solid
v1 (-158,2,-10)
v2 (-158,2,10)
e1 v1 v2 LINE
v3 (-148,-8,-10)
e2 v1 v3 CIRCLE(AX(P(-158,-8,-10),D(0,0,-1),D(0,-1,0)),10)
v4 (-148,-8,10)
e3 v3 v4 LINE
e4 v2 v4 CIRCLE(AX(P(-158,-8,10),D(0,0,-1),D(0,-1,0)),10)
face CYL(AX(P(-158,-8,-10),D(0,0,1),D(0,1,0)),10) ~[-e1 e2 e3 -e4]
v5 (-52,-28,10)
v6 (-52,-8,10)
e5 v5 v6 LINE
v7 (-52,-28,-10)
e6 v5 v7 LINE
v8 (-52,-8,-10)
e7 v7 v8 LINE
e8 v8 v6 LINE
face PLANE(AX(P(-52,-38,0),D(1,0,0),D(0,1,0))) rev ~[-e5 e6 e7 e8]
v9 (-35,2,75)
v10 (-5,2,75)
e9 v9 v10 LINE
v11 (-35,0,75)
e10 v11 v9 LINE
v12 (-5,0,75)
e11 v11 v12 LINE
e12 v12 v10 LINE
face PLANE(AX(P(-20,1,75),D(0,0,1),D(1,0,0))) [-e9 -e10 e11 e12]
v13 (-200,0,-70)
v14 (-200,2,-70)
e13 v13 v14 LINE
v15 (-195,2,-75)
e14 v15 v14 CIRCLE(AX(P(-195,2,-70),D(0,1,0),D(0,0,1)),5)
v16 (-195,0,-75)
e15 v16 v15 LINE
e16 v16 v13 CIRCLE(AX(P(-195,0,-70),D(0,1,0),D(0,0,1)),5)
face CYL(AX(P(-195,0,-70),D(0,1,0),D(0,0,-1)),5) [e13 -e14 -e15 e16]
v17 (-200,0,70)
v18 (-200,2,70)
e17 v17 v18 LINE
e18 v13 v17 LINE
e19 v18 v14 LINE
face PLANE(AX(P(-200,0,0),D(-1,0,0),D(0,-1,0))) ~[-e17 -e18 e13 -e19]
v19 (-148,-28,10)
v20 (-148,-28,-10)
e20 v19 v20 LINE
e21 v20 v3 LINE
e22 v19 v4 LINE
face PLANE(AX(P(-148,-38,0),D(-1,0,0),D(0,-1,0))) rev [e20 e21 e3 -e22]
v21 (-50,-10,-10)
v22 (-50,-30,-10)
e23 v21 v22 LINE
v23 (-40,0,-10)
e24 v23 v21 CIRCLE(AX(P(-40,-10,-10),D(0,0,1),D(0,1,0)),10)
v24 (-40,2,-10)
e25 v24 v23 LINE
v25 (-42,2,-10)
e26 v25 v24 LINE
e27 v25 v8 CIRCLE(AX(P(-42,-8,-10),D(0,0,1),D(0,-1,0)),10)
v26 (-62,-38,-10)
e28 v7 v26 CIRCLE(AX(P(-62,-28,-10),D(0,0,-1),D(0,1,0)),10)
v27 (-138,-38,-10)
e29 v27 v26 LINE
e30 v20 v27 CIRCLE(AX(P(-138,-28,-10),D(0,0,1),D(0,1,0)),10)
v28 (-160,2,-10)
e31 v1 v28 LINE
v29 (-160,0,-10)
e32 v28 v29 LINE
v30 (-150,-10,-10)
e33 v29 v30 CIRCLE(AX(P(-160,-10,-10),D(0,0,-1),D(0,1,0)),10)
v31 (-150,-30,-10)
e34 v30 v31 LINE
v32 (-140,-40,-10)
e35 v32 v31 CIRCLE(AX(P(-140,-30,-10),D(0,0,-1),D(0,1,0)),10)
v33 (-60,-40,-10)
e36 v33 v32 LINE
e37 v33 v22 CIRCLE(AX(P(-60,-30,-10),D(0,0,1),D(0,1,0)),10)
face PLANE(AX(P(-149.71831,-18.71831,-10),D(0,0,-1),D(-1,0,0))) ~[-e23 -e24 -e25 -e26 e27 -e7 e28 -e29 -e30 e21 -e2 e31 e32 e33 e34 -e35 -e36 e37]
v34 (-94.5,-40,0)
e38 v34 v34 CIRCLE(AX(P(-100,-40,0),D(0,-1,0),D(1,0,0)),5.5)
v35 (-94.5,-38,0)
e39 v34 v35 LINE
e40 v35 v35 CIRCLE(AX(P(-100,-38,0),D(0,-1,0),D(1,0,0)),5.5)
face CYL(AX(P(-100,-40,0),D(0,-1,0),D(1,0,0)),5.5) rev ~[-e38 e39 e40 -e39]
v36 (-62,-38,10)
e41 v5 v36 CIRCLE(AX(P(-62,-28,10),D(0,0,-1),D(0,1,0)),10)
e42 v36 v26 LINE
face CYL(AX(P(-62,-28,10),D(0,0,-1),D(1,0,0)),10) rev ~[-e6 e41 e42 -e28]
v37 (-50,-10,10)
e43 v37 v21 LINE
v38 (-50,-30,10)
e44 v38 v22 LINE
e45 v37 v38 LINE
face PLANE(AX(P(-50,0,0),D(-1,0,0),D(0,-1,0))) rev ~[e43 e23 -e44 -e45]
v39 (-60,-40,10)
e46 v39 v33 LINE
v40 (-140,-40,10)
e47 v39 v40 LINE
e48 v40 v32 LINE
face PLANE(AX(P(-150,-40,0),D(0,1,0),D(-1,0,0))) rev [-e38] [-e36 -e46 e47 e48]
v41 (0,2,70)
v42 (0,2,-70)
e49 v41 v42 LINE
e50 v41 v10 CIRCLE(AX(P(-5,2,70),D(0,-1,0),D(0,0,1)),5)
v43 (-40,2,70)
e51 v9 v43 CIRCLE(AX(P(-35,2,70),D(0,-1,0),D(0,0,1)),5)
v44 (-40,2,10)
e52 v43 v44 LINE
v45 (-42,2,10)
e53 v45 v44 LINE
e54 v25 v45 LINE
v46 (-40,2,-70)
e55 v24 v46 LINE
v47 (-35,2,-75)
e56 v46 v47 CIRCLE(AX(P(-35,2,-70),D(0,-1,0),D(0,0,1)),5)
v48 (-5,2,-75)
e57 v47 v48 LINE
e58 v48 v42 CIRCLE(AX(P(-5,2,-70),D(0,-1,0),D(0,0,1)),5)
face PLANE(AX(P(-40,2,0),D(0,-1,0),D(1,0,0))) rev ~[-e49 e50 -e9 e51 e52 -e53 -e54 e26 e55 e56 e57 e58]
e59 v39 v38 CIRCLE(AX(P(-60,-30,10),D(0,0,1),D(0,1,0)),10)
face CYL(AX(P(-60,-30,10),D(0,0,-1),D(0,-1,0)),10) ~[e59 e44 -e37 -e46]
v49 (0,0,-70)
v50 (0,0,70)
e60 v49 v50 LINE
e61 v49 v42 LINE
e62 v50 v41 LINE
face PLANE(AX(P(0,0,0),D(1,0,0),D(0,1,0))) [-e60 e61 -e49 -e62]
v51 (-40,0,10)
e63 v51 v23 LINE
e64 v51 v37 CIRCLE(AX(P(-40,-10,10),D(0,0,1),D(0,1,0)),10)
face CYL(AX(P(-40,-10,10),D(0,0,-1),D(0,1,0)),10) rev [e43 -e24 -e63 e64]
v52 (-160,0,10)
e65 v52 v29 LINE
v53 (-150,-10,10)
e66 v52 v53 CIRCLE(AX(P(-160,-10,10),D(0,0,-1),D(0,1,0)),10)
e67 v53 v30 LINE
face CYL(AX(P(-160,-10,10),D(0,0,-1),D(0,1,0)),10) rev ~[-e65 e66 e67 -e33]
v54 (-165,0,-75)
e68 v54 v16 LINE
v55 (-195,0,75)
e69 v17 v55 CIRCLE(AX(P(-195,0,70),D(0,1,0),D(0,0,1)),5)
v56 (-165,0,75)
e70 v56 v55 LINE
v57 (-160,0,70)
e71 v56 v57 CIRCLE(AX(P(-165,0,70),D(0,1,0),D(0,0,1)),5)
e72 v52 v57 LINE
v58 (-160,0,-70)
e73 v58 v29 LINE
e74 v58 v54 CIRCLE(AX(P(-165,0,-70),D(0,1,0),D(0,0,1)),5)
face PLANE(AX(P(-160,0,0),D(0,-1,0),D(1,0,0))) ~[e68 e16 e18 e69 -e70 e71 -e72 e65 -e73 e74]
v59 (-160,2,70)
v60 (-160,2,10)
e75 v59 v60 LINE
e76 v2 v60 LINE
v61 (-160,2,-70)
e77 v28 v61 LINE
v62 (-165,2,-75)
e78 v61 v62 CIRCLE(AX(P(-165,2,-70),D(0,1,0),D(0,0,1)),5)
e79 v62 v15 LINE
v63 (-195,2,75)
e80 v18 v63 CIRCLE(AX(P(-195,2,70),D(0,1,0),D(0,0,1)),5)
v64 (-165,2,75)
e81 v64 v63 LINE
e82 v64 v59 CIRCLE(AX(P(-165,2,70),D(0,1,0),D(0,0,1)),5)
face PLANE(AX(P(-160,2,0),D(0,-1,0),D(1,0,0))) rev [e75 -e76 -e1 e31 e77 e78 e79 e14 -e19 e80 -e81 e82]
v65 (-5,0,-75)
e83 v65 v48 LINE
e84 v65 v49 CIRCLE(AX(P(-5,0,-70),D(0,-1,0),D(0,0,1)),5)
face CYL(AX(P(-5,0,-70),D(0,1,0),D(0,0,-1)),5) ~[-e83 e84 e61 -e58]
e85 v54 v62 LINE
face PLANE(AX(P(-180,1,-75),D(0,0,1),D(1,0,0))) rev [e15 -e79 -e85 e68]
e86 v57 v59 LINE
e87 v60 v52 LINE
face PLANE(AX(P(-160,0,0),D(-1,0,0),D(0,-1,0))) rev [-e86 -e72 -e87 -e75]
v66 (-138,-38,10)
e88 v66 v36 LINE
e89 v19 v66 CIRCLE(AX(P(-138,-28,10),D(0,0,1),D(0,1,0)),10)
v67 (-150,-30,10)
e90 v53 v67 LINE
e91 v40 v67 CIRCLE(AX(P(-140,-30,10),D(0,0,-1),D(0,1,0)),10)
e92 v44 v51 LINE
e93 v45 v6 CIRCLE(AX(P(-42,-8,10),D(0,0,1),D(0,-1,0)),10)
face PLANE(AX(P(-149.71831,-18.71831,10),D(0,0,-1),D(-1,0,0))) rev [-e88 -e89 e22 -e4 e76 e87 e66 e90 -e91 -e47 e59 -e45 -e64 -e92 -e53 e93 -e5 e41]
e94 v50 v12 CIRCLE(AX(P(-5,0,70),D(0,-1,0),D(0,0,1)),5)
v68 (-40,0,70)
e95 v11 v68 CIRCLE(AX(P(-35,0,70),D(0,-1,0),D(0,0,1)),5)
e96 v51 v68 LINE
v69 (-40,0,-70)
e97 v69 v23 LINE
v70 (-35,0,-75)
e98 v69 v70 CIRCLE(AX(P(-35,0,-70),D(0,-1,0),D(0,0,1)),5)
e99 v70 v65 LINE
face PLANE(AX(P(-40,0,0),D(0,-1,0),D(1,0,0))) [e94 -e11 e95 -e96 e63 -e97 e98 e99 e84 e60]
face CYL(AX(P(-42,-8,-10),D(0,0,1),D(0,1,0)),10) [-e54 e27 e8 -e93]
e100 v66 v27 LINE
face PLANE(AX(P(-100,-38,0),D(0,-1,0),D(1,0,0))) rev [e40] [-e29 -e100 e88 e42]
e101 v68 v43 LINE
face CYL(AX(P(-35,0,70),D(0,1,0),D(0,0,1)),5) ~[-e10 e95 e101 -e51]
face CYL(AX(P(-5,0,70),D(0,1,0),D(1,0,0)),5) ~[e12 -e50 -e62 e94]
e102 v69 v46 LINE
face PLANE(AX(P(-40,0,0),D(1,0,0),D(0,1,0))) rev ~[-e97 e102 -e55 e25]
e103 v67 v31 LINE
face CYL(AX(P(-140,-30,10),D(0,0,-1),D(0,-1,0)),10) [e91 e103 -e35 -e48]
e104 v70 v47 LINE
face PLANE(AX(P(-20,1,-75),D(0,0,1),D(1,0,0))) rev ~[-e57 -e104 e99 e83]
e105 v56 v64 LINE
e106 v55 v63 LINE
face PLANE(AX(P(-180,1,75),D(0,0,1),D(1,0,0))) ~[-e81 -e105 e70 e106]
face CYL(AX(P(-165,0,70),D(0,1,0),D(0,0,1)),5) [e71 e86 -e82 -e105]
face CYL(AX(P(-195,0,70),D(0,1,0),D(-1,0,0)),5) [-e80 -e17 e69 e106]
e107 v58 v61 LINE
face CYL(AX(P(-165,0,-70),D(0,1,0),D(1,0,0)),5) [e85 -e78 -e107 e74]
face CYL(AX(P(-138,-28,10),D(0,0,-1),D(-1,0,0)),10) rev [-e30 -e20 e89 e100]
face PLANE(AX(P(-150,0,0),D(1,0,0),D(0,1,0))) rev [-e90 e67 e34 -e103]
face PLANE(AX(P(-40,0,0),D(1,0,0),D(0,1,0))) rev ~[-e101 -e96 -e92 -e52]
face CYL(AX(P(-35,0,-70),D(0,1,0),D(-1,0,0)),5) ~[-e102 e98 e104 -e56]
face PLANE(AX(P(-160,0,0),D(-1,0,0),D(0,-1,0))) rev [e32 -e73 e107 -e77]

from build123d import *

# Parameters (mm, degrees)
BOSS_EXTRUDE1_DEPTH = 10
FILLET1_R           = 10
SKETCH2_W           = 40
SKETCH2_H           = 2
BOSS_EXTRUDE2_DEPTH = 75
FILLET2_R           = 5
CUT_EXTRUDE1_REACH  = 219.69
SKETCH4_R           = 5.5


with BuildPart() as part:
    # Sketch1 → Boss-Extrude1 (new, symmetric)
    with BuildSketch(Plane.XY):
        Polygon((0, 0), (-50, 0), (-50, -40), (-100, -40), (-100, -38), (-52, -38), (-52, 2), (0, 2), align=None)
    extrude(amount=BOSS_EXTRUDE1_DEPTH, both=True)

    # Fillet1
    fillet1_edges = [part.edges().sort_by_distance(p)[0] for p in [
        (-50, 0, 0),
        (-50, -40, 0),
        (-52, -38, 0),
        (-52, 2, 0),
    ]]
    fillet(fillet1_edges, radius=FILLET1_R)

    # Sketch2 → Boss-Extrude2 (add, symmetric)
    with BuildSketch(Plane.XY):
        with Locations((-20, 1)):
            Rectangle(SKETCH2_W, SKETCH2_H)
    extrude(amount=BOSS_EXTRUDE2_DEPTH, both=True)

    # Fillet2
    fillet2_edges = [part.edges().sort_by_distance(p)[0] for p in [
        (-40, 1, -75),
        (0, 1, -75),
        (-40, 1, 75),
        (0, 1, 75),
    ]]
    fillet(fillet2_edges, radius=FILLET2_R)

    # Mirror1: part across plane


with BuildPart() as part_1:
    add(part.part)
    add(part.part.mirror(Plane(origin=(-100, -38, 10), x_dir=(0, 0, 1), z_dir=(1, 0, 0))))

    # Sketch4 → Cut-Extrude1 (cut, up to next)
    with BuildSketch(Plane.XZ.offset(40), mode=Mode.PRIVATE) as cut_extrude1_sk1:
        with Locations((-100, 0)):
            Circle(SKETCH4_R)
    cut_extrude1_tool1 = extrude(cut_extrude1_sk1.sketch, amount=-CUT_EXTRUDE1_REACH, mode=Mode.PRIVATE) & part_1.part
    add(cut_extrude1_tool1.solids().sort_by_distance((-100, -40, 0))[0], mode=Mode.SUBTRACT)


solid = part_1.part
